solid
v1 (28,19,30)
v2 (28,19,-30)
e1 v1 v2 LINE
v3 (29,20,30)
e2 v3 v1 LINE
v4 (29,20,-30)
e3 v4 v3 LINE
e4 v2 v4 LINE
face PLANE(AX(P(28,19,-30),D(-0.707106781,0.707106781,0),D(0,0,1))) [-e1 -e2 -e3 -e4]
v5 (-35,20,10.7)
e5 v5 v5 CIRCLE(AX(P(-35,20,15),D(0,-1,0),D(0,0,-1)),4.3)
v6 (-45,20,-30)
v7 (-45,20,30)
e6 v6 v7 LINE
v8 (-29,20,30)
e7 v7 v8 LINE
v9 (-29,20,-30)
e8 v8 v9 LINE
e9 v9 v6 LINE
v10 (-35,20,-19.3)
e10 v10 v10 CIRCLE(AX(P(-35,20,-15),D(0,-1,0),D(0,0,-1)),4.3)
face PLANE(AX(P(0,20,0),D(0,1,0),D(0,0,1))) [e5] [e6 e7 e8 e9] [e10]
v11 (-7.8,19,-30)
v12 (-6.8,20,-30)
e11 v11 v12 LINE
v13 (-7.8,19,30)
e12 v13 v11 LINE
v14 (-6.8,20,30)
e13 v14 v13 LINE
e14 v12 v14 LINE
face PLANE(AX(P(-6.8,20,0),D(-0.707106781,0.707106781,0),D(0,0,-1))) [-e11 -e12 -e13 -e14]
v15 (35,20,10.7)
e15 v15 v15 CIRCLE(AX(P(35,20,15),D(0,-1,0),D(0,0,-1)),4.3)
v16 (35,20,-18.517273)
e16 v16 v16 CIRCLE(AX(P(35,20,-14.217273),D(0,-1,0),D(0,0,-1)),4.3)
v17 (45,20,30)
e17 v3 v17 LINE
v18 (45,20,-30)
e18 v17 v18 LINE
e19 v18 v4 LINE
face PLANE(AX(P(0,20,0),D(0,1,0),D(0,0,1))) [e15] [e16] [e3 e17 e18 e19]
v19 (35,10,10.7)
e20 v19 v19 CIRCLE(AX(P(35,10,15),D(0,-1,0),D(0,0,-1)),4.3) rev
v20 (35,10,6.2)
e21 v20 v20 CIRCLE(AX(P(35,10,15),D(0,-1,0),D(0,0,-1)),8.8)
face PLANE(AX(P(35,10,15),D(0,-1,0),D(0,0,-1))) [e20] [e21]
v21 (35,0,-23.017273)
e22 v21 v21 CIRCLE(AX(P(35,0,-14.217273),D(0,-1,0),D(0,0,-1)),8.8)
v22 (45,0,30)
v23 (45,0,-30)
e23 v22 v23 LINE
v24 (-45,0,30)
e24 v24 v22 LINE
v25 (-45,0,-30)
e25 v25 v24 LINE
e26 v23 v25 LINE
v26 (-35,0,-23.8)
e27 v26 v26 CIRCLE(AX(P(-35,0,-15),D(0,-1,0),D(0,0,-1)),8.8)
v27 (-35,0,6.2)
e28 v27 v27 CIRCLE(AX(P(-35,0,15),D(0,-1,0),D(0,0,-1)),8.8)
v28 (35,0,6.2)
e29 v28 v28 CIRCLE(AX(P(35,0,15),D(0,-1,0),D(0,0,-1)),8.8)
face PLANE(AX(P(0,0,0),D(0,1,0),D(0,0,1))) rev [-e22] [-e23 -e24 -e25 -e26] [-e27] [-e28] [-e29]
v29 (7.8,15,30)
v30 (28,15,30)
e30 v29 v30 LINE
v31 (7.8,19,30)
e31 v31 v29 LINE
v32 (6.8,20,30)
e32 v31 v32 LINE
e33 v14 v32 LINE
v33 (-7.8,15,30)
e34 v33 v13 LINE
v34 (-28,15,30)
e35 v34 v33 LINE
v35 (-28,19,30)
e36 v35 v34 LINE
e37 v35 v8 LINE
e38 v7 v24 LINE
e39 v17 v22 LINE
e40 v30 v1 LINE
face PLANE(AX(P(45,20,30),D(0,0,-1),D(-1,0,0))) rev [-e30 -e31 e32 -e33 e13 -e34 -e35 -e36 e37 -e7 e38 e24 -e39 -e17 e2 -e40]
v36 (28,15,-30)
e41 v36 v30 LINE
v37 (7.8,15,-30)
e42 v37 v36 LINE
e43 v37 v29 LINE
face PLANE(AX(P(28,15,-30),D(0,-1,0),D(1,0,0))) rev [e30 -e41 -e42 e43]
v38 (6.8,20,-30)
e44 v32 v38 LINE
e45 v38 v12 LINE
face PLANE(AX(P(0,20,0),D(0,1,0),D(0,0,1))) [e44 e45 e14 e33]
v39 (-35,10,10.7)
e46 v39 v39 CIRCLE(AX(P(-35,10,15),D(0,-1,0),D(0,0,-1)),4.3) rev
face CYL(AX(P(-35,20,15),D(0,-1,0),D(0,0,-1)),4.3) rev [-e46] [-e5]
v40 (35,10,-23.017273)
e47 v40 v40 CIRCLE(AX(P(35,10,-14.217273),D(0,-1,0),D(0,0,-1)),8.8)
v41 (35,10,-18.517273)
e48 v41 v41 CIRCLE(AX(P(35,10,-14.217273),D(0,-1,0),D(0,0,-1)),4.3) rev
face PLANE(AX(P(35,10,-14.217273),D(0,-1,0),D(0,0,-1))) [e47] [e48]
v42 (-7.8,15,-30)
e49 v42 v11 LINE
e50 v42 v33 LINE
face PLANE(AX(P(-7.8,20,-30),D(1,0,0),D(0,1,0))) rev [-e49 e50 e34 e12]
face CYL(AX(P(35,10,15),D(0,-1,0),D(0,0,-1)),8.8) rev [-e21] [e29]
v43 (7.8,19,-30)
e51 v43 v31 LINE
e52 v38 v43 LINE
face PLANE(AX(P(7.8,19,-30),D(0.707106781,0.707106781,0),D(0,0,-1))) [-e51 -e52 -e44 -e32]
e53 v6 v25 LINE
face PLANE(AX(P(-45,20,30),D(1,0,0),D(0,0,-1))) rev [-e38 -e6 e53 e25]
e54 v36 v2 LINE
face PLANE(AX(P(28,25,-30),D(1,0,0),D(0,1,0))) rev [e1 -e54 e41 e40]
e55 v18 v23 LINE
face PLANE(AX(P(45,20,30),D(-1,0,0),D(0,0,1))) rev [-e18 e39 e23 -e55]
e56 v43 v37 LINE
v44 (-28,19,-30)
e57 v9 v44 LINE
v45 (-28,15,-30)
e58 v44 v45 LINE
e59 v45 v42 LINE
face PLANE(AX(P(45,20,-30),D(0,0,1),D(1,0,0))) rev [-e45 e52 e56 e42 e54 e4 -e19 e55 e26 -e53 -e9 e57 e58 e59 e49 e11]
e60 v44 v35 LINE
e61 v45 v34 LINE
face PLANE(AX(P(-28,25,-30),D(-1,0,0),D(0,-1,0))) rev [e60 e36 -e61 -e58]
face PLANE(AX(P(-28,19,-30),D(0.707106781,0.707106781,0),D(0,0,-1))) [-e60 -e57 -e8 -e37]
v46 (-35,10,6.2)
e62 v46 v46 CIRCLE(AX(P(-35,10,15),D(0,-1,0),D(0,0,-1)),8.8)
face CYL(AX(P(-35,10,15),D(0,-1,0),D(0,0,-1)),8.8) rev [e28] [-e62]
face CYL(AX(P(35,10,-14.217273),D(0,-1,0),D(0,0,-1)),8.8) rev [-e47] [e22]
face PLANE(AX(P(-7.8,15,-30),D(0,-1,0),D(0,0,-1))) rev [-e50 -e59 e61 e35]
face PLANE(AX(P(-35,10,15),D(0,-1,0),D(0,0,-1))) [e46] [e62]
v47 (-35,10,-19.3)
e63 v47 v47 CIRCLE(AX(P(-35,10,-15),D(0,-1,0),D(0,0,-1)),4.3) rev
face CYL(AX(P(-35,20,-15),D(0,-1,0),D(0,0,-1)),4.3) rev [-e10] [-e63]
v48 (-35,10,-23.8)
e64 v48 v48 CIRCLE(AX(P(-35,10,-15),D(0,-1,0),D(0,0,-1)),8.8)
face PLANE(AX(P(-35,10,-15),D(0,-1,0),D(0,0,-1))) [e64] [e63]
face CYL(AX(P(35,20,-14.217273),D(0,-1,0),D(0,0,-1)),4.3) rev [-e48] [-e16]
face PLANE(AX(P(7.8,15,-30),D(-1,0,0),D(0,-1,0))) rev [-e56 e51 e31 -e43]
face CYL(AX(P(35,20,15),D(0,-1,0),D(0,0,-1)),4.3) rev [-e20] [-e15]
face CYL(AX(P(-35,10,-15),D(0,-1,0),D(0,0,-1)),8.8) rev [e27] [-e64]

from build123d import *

# Parameters (mm, degrees)
SKETCH1_W           = 90
SKETCH1_H           = 60
BOSS_EXTRUDE1_DEPTH = 20
CUT_EXTRUDE1_DEPTH  = 61
SKETCH3_R           = 4.3
CUT_EXTRUDE2_DEPTH  = 21
SKETCH4_R           = 8.8
CUT_EXTRUDE3_DEPTH  = 10
CHAMFER1_SIZE       = 1


with BuildPart() as part:
    # Sketch1 → Boss-Extrude1 (new body)
    with BuildSketch(Plane(origin=(0, 0, 0), x_dir=(1, 0, 0), z_dir=(0, 1, 0))):
        Rectangle(SKETCH1_W, SKETCH1_H)
    extrude(amount=BOSS_EXTRUDE1_DEPTH)

    # Sketch2 → Cut-Extrude1 (cut, through all)
    with BuildSketch(Plane.XY.offset(30)):
        Polygon((28, 25), (-28, 25), (-28, 15), (-7.8, 15), (-7.8, 20), (7.8, 20), (7.8, 15), (28, 15), align=None)
    extrude(amount=-CUT_EXTRUDE1_DEPTH, mode=Mode.SUBTRACT)

    # Sketch3 → Cut-Extrude2 (cut, through all)
    with BuildSketch(Plane.XZ):
        with Locations((-35, 15)):
            Circle(SKETCH3_R)
        with Locations((-35, -15)):
            Circle(SKETCH3_R)
        with Locations((35, -14.217273236)):
            Circle(SKETCH3_R)
        with Locations((35, 15)):
            Circle(SKETCH3_R)
    extrude(amount=-CUT_EXTRUDE2_DEPTH, mode=Mode.SUBTRACT)

    # Sketch4 → Cut-Extrude3 (cut)
    with BuildSketch(Plane.XZ):
        with Locations((35, 15)):
            Circle(SKETCH4_R)
        with Locations((35, -14.217273236)):
            Circle(SKETCH4_R)
        with Locations((-35, 15)):
            Circle(SKETCH4_R)
        with Locations((-35, -15)):
            Circle(SKETCH4_R)
    extrude(amount=-CUT_EXTRUDE3_DEPTH, mode=Mode.SUBTRACT)

    # Chamfer1
    chamfer1_edges = [part.edges().sort_by_distance(p)[0] for p in [
        (28, 20, 0),
        (-28, 20, 0),
        (7.8, 20, 0),
        (-7.8, 20, 0),
    ]]
    chamfer(chamfer1_edges, length=CHAMFER1_SIZE)


solid = part.part
